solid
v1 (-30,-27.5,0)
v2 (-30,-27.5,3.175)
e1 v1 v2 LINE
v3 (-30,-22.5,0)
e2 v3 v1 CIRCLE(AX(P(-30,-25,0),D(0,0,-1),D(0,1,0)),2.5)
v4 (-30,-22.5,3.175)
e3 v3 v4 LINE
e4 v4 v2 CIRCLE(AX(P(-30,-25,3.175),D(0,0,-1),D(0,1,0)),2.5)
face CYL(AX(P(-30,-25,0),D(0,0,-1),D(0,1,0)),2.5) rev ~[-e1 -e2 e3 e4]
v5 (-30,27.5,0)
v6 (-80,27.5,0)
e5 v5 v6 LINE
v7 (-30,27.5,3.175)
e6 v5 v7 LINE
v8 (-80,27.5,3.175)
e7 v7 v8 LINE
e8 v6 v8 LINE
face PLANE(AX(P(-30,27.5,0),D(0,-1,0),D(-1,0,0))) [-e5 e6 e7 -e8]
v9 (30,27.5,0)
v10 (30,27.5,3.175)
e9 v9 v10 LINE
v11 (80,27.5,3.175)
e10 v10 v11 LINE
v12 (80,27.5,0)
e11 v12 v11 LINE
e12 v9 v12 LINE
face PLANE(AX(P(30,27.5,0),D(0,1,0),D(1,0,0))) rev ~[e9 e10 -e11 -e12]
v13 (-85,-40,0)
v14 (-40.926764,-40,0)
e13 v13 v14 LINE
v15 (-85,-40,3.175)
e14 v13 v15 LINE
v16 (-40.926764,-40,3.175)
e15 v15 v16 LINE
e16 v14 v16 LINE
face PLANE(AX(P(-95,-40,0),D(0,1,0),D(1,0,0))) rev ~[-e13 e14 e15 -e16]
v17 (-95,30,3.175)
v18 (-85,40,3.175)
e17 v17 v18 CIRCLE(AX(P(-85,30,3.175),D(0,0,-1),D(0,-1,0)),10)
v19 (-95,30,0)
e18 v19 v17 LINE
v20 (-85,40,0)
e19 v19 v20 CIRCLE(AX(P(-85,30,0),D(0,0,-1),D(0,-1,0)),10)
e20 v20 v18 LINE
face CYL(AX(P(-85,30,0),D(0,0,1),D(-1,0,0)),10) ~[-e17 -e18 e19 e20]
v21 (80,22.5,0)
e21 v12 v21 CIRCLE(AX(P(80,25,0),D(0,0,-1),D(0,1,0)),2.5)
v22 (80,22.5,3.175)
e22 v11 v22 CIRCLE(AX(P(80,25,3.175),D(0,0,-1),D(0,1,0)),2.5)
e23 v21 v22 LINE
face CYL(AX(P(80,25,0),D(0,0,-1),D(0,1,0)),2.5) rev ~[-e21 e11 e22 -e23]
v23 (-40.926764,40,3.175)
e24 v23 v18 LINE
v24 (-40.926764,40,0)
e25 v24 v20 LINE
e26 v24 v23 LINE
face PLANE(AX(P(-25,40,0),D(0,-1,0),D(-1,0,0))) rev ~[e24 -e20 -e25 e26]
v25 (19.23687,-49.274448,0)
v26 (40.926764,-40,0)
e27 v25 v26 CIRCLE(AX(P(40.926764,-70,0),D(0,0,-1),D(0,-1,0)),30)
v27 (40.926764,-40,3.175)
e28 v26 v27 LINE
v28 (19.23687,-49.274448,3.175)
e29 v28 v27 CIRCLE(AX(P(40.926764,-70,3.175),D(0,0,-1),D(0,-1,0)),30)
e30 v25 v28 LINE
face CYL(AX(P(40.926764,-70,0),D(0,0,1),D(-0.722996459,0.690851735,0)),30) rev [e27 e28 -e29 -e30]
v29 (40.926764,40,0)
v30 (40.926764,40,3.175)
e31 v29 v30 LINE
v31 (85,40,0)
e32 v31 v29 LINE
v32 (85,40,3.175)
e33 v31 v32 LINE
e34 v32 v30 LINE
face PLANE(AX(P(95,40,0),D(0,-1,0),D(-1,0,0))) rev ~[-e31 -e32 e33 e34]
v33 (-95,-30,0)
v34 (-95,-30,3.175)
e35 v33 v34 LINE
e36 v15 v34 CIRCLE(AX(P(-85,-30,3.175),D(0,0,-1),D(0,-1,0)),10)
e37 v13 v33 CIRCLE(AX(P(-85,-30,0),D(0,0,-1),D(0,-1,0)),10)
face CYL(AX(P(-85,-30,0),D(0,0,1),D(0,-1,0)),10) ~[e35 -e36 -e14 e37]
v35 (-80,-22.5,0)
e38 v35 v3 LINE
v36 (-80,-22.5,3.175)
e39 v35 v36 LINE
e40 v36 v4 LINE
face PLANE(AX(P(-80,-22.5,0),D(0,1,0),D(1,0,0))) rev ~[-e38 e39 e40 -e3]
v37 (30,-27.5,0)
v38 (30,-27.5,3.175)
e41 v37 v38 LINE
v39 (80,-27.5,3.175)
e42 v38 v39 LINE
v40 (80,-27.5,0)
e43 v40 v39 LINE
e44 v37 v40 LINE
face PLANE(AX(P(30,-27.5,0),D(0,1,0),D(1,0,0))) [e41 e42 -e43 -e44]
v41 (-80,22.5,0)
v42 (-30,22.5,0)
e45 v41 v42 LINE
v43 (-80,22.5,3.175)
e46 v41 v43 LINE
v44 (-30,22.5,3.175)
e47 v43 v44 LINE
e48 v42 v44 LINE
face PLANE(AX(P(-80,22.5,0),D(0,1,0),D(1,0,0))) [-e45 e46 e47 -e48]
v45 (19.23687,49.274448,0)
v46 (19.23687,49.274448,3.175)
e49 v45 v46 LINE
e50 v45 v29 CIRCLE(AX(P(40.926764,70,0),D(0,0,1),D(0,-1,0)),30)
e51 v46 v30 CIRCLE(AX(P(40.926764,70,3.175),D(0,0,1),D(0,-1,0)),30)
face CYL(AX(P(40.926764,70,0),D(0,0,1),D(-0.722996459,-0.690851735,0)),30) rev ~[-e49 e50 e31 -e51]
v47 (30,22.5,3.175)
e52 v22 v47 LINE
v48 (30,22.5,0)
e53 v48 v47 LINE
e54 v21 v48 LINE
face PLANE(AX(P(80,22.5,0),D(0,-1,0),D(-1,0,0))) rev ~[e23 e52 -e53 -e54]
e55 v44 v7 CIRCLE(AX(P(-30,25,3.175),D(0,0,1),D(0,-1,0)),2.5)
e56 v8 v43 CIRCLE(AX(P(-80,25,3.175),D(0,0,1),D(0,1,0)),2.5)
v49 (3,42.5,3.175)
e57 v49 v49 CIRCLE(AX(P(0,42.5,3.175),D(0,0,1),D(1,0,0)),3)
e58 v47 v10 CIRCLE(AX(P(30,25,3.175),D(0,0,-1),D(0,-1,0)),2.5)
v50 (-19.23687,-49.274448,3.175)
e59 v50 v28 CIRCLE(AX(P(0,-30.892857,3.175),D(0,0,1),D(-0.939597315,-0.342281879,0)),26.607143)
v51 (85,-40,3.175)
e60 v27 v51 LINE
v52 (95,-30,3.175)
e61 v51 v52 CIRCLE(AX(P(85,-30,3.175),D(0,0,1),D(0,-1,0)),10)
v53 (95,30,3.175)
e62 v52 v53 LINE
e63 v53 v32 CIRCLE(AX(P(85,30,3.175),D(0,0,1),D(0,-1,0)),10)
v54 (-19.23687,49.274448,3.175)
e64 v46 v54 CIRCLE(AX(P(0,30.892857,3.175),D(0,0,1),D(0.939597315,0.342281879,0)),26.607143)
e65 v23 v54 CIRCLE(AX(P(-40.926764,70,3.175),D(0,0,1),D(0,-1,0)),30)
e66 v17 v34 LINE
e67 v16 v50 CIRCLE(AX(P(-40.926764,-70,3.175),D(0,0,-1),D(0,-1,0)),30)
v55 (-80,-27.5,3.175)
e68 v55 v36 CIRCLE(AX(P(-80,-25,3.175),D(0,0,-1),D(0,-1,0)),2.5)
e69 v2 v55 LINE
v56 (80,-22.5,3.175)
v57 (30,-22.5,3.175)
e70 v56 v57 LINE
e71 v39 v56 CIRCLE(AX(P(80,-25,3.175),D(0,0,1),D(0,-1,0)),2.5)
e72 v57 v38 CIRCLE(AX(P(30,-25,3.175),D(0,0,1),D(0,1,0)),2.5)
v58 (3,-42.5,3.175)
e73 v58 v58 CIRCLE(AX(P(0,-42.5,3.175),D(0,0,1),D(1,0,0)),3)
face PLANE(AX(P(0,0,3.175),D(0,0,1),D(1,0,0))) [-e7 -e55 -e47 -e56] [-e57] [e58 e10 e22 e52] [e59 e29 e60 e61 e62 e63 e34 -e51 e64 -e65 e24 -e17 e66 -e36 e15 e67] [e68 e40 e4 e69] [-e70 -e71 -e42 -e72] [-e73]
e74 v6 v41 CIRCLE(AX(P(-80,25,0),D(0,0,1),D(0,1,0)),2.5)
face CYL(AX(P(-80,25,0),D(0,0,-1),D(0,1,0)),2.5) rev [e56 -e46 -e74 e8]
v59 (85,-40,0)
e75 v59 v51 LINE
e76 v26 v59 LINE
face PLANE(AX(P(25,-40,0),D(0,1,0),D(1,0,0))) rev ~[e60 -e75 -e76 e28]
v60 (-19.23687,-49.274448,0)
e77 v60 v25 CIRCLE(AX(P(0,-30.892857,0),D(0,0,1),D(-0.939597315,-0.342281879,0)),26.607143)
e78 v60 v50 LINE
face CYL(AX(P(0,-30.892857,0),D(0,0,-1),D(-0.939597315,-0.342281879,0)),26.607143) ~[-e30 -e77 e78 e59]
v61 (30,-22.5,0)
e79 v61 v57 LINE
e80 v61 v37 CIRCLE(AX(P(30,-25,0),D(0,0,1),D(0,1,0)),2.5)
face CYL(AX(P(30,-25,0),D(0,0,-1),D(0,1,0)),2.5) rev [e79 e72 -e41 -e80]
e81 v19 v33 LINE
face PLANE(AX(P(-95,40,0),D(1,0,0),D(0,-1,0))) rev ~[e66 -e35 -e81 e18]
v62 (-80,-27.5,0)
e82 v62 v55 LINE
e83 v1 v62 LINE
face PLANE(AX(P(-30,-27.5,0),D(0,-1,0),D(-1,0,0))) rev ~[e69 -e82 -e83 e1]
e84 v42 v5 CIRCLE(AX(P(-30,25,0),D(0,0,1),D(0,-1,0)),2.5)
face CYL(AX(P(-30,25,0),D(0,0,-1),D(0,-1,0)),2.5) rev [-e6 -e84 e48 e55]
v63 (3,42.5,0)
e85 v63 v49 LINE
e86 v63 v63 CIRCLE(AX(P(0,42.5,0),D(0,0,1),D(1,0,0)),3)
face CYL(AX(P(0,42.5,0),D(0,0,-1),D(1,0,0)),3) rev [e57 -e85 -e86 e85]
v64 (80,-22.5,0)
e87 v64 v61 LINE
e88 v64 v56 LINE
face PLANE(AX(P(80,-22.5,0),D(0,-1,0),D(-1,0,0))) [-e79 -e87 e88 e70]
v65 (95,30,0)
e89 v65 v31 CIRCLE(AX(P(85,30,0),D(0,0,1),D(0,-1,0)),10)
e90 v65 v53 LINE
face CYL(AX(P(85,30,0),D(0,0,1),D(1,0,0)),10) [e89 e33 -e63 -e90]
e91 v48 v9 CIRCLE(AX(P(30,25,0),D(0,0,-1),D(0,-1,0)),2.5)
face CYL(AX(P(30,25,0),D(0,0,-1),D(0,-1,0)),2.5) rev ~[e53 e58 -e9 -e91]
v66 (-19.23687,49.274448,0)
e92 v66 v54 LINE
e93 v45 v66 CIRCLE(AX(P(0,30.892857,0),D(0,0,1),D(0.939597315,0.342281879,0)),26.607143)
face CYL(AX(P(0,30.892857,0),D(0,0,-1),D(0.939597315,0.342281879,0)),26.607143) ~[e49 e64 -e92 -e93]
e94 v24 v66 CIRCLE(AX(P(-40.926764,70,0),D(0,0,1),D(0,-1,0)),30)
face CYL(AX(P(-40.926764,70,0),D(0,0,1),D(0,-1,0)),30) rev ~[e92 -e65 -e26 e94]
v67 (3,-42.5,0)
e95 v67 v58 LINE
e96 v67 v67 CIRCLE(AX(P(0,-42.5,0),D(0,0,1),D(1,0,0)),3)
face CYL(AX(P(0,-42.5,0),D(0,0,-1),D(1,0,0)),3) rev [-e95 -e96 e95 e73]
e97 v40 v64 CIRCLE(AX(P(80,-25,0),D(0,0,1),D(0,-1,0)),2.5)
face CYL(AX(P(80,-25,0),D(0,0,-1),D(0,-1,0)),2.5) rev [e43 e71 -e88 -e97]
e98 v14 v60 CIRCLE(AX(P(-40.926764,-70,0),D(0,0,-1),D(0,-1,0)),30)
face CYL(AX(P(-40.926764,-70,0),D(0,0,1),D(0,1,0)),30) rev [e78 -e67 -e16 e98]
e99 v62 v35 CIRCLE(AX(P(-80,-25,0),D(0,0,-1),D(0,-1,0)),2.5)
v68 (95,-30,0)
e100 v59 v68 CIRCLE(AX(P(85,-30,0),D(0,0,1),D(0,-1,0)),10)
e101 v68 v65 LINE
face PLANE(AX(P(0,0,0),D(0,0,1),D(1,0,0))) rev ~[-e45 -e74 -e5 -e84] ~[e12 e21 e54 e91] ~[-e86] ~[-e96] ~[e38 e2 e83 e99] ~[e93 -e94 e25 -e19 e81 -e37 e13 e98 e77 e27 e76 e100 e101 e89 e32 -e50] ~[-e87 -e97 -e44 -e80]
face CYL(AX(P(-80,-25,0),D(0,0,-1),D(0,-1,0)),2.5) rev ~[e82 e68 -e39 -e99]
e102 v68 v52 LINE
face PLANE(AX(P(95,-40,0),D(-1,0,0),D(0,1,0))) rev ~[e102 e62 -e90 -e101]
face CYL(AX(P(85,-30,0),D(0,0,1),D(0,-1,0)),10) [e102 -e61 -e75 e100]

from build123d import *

# Parameters (mm, degrees)
SKETCH1_R           = 3
BOSS_EXTRUDE1_DEPTH = 3.175
FILLET1_R           = 10
FILLET2_R           = 30


with BuildPart() as part:
    # Sketch1 → Boss-Extrude1 (new body)
    with BuildSketch(Plane.XY):
        with BuildLine():
            Line((-95, -40), (-25, -40))
            ThreePointArc((-25, -40), (0, -57.5), (25, -40))
            Line((25, -40), (95, -40))
            Line((95, -40), (95, 40))
            Line((95, 40), (25, 40))
            ThreePointArc((25, 40), (0, 57.5), (-25, 40))
            Line((-25, 40), (-95, 40))
            Line((-95, 40), (-95, -40))
        make_face()
        with Locations((0, 42.5)):
            Circle(SKETCH1_R, mode=Mode.SUBTRACT)
        with Locations((0, -42.5)):
            Circle(SKETCH1_R, mode=Mode.SUBTRACT)
        with BuildLine():
            Line((30, 27.5), (80, 27.5))
            ThreePointArc((80, 27.5), (82.5, 25), (80, 22.5))
            Line((80, 22.5), (30, 22.5))
            ThreePointArc((30, 22.5), (27.5, 25), (30, 27.5))
        make_face(mode=Mode.SUBTRACT)
        with BuildLine():
            Line((30, -27.5), (80, -27.5))
            ThreePointArc((80, -27.5), (82.5, -25), (80, -22.5))
            Line((80, -22.5), (30, -22.5))
            ThreePointArc((30, -22.5), (27.5, -25), (30, -27.5))
        make_face(mode=Mode.SUBTRACT)
        with BuildLine():
            Line((-30, 27.5), (-80, 27.5))
            ThreePointArc((-80, 27.5), (-82.5, 25), (-80, 22.5))
            Line((-80, 22.5), (-30, 22.5))
            ThreePointArc((-30, 22.5), (-27.5, 25), (-30, 27.5))
        make_face(mode=Mode.SUBTRACT)
        with BuildLine():
            Line((-30, -27.5), (-80, -27.5))
            ThreePointArc((-80, -27.5), (-82.5, -25), (-80, -22.5))
            Line((-80, -22.5), (-30, -22.5))
            ThreePointArc((-30, -22.5), (-27.5, -25), (-30, -27.5))
        make_face(mode=Mode.SUBTRACT)
    extrude(amount=BOSS_EXTRUDE1_DEPTH)

    # Fillet1
    fillet1_edges = [part.edges().sort_by_distance(p)[0] for p in [
        (95, 40, 1.5875),
        (95, -40, 1.5875),
        (-95, -40, 1.5875),
        (-95, 40, 1.5875),
    ]]
    fillet(fillet1_edges, radius=FILLET1_R)

    # Fillet2
    fillet2_edges = [part.edges().sort_by_distance(p)[0] for p in [
        (25, -40, 1.5875),
        (-25, -40, 1.5875),
        (-25, 40, 1.5875),
        (25, 40, 1.5875),
    ]]
    fillet(fillet2_edges, radius=FILLET2_R)


solid = part.part
